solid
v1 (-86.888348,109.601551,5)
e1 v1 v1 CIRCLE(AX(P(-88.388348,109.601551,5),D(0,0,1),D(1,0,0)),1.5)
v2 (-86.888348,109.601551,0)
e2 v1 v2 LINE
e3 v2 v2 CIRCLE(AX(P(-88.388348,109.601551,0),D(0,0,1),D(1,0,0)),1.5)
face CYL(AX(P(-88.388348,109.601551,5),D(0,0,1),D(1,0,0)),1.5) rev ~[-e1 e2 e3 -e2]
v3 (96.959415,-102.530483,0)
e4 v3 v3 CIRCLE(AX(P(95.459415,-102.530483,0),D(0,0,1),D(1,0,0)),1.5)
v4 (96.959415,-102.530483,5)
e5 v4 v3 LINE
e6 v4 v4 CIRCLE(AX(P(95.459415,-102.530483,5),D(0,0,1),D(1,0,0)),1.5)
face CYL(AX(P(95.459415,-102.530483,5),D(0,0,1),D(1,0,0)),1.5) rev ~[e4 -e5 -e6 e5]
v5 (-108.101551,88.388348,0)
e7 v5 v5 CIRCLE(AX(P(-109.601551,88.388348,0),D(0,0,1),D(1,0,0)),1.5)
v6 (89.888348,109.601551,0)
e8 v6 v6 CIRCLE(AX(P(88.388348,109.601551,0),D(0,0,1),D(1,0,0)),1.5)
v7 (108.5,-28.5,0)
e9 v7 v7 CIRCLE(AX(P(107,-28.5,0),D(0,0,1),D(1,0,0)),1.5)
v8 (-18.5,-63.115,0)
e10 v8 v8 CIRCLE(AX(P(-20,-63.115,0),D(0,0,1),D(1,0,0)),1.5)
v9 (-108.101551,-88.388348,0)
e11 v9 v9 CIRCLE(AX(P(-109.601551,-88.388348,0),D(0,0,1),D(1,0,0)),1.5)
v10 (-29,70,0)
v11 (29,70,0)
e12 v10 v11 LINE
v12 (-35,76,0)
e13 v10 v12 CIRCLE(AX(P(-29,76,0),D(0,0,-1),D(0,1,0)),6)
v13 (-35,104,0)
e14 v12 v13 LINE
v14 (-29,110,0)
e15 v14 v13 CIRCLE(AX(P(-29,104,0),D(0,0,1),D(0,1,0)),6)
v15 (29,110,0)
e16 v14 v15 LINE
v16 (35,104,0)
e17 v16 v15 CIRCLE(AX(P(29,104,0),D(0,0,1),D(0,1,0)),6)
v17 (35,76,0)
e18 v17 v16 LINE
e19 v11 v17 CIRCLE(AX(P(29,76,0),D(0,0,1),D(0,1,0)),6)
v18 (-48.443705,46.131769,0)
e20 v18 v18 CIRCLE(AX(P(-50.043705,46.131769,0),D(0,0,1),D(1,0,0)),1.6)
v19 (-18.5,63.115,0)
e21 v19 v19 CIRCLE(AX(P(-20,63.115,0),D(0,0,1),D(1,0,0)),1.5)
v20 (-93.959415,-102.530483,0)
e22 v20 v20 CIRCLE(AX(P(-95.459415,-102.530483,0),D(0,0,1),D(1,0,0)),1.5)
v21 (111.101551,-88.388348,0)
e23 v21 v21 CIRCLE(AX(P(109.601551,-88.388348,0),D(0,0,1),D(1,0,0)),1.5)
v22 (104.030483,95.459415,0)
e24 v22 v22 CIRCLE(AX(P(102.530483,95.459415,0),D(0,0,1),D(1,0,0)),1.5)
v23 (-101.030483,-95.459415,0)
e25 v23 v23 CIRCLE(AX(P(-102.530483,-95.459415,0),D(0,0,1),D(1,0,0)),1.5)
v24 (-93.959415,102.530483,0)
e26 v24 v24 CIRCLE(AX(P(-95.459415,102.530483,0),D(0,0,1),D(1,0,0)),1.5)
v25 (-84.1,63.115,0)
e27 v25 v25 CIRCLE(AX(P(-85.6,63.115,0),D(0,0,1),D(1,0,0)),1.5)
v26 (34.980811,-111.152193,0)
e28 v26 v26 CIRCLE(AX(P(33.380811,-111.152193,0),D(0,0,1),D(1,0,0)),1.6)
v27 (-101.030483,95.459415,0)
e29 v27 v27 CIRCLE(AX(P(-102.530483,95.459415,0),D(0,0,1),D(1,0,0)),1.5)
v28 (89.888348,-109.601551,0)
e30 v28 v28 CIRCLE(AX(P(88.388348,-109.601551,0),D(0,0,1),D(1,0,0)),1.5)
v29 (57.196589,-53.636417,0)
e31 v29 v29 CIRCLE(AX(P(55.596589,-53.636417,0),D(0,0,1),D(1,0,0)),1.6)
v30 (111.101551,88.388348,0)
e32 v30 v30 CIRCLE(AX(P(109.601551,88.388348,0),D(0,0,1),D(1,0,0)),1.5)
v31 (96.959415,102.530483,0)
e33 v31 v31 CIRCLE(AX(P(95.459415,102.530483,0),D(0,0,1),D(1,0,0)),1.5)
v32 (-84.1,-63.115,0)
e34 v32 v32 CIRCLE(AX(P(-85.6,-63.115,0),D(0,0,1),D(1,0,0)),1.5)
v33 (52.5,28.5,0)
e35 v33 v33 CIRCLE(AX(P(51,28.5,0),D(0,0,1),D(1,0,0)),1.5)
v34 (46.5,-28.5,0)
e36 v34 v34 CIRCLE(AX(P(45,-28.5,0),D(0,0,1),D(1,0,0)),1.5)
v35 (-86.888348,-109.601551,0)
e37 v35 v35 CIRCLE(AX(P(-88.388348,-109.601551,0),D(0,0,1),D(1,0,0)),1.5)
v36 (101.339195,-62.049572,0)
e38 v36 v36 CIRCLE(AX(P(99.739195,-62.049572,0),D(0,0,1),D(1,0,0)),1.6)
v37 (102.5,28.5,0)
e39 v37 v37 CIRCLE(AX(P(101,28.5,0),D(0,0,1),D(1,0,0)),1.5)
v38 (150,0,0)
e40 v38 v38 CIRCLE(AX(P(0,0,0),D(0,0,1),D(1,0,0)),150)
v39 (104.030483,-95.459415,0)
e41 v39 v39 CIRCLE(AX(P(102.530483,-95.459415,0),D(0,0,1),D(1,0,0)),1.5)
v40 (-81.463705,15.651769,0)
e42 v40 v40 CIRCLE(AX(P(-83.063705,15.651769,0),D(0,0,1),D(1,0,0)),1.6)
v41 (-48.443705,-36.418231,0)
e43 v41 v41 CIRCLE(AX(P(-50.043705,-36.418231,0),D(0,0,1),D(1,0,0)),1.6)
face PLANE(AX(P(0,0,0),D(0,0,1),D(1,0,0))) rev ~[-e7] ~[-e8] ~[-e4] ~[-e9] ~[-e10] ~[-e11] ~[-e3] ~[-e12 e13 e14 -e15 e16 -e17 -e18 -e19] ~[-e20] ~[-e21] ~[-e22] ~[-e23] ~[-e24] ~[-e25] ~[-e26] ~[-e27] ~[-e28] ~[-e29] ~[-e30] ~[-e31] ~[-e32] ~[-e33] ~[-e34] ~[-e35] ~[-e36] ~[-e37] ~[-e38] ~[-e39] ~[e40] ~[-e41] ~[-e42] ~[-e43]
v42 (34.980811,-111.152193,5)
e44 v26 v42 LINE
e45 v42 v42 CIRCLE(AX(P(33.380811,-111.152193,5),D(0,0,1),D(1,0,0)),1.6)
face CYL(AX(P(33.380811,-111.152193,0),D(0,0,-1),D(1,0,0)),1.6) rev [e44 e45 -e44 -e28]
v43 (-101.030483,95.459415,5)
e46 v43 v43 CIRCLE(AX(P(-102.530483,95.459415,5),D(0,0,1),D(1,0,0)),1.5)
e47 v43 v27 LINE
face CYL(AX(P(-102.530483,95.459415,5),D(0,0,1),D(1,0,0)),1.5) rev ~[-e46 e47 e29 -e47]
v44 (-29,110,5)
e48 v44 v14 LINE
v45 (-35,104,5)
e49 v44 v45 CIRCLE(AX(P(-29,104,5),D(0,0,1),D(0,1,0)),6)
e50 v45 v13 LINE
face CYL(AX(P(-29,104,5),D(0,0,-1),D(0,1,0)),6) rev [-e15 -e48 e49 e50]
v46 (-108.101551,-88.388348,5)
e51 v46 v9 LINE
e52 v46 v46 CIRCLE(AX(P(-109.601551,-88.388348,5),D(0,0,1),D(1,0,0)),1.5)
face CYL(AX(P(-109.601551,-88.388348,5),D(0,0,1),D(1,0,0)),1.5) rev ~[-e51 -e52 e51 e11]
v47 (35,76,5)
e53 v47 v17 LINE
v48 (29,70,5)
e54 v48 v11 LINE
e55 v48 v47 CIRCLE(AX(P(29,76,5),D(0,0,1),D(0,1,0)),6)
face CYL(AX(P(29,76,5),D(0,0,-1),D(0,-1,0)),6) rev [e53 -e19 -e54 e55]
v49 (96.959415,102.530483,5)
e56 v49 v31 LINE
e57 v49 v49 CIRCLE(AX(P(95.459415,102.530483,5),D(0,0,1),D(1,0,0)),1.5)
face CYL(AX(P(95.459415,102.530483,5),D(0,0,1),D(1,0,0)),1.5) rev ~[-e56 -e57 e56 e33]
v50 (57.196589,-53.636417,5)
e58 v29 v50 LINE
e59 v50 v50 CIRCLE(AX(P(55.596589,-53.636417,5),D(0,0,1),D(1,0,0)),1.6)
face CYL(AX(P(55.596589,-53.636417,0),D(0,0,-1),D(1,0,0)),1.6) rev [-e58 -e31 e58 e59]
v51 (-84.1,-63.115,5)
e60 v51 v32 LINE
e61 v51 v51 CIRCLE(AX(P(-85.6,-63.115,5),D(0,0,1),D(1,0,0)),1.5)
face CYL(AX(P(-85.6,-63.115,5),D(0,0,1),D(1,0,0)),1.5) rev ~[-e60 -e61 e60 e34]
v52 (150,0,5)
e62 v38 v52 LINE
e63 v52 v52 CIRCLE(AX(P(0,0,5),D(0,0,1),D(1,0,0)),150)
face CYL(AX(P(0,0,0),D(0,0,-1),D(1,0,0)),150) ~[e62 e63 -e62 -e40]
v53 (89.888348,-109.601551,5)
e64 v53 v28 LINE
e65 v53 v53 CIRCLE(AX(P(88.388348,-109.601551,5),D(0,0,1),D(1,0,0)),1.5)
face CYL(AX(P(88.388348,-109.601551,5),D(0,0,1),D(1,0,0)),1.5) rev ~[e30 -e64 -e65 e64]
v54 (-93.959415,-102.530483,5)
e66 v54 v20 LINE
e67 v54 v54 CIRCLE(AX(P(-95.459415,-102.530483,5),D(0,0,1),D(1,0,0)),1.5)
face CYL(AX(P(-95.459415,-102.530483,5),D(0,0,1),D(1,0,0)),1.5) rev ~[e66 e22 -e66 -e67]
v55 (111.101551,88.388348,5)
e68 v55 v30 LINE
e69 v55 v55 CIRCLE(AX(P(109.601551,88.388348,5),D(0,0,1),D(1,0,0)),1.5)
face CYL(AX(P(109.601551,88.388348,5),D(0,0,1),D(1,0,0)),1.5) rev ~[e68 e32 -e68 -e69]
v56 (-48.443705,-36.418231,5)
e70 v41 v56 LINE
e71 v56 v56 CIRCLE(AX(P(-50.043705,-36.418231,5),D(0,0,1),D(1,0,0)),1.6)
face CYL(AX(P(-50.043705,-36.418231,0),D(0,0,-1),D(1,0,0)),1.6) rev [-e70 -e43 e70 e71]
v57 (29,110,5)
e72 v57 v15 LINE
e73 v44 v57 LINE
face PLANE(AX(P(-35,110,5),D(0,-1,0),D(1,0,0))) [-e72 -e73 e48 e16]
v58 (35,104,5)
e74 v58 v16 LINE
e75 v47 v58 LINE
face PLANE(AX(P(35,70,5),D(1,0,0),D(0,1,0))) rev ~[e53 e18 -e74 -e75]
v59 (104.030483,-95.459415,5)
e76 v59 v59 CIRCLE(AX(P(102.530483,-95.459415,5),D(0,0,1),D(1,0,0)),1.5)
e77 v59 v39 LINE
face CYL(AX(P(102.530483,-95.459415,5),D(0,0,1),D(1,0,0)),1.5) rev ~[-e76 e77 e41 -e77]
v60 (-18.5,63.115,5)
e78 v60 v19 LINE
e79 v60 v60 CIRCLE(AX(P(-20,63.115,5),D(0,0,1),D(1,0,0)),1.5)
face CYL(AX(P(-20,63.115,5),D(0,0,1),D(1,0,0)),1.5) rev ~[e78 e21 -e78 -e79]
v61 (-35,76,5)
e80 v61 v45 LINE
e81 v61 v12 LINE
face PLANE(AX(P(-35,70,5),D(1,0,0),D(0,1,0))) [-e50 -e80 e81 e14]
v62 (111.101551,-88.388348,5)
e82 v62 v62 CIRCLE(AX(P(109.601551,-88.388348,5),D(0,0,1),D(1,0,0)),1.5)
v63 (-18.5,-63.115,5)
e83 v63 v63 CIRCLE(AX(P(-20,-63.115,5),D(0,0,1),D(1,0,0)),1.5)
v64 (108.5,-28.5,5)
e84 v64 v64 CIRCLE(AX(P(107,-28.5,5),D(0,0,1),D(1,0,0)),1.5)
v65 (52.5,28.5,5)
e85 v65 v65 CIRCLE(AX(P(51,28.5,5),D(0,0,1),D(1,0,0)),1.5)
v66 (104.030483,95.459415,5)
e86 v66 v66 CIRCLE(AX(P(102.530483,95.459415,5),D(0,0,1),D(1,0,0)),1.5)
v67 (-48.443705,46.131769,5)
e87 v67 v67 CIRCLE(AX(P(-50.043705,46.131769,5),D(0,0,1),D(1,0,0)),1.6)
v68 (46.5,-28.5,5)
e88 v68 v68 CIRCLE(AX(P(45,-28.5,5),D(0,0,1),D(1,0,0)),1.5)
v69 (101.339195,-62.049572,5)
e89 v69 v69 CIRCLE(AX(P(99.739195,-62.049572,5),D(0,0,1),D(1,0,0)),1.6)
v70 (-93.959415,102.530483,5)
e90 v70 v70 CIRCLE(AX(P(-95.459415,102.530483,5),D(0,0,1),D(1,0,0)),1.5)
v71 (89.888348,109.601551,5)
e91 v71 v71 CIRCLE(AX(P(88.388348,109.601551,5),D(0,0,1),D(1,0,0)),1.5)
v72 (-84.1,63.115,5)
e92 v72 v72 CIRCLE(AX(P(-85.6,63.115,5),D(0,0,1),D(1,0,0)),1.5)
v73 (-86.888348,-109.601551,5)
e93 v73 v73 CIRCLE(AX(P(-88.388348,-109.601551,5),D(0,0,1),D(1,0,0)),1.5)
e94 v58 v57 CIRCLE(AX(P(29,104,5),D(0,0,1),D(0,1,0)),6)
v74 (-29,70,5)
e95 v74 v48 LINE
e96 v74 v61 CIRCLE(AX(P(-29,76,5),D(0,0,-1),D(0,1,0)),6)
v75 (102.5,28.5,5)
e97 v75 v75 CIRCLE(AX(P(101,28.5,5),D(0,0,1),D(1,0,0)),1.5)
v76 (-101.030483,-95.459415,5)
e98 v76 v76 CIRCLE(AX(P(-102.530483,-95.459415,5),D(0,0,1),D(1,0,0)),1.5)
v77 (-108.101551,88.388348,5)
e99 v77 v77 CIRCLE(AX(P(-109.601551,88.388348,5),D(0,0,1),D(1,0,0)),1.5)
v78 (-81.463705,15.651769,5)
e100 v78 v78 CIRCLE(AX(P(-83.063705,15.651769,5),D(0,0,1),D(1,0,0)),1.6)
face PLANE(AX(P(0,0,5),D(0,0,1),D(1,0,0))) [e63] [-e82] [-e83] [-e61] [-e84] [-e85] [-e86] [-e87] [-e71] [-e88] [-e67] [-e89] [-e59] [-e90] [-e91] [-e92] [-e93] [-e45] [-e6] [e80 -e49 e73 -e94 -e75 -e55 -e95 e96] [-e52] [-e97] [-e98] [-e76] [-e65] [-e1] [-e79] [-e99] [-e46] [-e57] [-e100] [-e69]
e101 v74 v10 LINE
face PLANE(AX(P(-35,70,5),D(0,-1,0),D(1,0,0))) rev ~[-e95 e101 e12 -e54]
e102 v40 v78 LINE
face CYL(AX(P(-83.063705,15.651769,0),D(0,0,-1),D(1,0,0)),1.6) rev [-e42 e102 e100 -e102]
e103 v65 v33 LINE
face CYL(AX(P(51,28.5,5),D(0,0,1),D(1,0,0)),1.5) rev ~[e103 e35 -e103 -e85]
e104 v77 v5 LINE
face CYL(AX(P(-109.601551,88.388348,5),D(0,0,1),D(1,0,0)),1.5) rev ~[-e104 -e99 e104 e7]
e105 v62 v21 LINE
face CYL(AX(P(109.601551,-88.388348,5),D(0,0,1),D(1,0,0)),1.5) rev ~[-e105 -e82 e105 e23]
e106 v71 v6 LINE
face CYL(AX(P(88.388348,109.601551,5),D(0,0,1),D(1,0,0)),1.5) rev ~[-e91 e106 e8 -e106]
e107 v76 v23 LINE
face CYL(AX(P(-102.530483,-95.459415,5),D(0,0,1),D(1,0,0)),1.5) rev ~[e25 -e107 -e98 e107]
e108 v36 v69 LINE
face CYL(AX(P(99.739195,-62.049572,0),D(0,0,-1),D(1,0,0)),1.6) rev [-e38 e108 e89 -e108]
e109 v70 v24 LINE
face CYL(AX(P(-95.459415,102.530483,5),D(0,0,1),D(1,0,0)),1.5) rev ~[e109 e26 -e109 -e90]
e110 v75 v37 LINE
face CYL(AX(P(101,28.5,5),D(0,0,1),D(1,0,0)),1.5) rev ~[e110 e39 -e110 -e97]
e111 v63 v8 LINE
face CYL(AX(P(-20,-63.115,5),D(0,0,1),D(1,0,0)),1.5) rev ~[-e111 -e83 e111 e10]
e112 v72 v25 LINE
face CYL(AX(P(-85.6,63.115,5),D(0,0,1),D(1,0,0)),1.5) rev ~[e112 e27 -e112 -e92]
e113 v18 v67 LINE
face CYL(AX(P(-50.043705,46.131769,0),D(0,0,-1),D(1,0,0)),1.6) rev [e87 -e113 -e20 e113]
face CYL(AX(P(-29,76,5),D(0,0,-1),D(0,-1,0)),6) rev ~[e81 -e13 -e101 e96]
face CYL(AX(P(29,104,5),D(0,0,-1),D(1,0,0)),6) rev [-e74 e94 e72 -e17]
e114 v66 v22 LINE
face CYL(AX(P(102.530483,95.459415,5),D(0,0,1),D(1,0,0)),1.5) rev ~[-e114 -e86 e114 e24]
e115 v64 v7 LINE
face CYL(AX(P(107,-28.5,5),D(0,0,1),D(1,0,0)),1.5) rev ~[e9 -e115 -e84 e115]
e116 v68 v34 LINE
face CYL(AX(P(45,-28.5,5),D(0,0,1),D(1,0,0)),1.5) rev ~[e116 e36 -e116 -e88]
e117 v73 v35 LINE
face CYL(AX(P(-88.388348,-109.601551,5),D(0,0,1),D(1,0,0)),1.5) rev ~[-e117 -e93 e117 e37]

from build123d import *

# Parameters (mm, degrees)
ESQUISSE5_R                       = 150
ESQUISSE5_R_2                     = 1.6
BASE_DEPTH                        = 5
ESQUISSE8_R                       = 1.5
FIXATION_CRAN_DEPTH               = 6
ESQUISSE9_R                       = 1.5
FIXATION_LIDAR_DEPTH              = 6
ESQUISSE7_W                       = 70
ESQUISSE7_H                       = 40
EXTRUSION_PASSAGE_DE_CABLES_DEPTH = 5
CONG_1_R                          = 6
ESQUISSE10_R                      = 1.5
EXTRUSION_FIXATION_PAROI_DEPTH    = 6
ENL_V_MAT_EXTRU_1_REACH           = 7
ESQUISSE11_R                      = 1.5


with BuildPart() as part:
    # Esquisse5 → base (new body)
    with BuildSketch(Plane.XY):
        Circle(ESQUISSE5_R)
        with Locations((99.73919487, -62.04957211)):
            Circle(ESQUISSE5_R_2, mode=Mode.SUBTRACT)
        with Locations((55.59658934, -53.636417112)):
            Circle(ESQUISSE5_R_2, mode=Mode.SUBTRACT)
        with Locations((33.380811026, -111.152193156)):
            Circle(ESQUISSE5_R_2, mode=Mode.SUBTRACT)
        with Locations((-50.043705329, -36.418231474)):
            Circle(ESQUISSE5_R_2, mode=Mode.SUBTRACT)
        with Locations((-83.063705329, 15.651768526)):
            Circle(ESQUISSE5_R_2, mode=Mode.SUBTRACT)
        with Locations((-50.043705329, 46.131768526)):
            Circle(ESQUISSE5_R_2, mode=Mode.SUBTRACT)
    extrude(amount=BASE_DEPTH)

    # Esquisse8 → fixation écran (cut, through all)
    with BuildSketch(Plane.XY.offset(5)):
        with Locations((-85.6, 63.115)):
            Circle(ESQUISSE8_R)
        with Locations((-20, 63.115)):
            Circle(ESQUISSE8_R)
        with Locations((-85.6, -63.115)):
            Circle(ESQUISSE8_R)
        with Locations((-20, -63.115)):
            Circle(ESQUISSE8_R)
    extrude(amount=-FIXATION_CRAN_DEPTH, mode=Mode.SUBTRACT)

    # Esquisse9 → fixation lidar (cut, through all)
    with BuildSketch(Plane.XY.offset(5)):
        with Locations((45, -28.5)):
            Circle(ESQUISSE9_R)
        with Locations((107, -28.5)):
            Circle(ESQUISSE9_R)
        with Locations((101, 28.5)):
            Circle(ESQUISSE9_R)
        with Locations((51, 28.5)):
            Circle(ESQUISSE9_R)
    extrude(amount=-FIXATION_LIDAR_DEPTH, mode=Mode.SUBTRACT)

    # Esquisse7 → extrusion passage de cables (cut)
    with BuildSketch(Plane.XY.offset(5)):
        with Locations((0, 90)):
            Rectangle(ESQUISSE7_W, ESQUISSE7_H)
    extrude(amount=-EXTRUSION_PASSAGE_DE_CABLES_DEPTH, mode=Mode.SUBTRACT)

    # Congé1
    cong_1_edges = [part.edges().sort_by_distance(p)[0] for p in [
        (-35, 70, 2.5),
        (-35, 110, 2.5),
        (35, 110, 2.5),
        (35, 70, 2.5),
    ]]
    fillet(cong_1_edges, radius=CONG_1_R)

    # Esquisse10 → extrusion fixation paroi (cut, through all)
    with BuildSketch(Plane.XY.offset(5)):
        with Locations((-102.530483272, 95.45941546)):
            Circle(ESQUISSE10_R)
        with Locations((-95.45941546, 102.530483272)):
            Circle(ESQUISSE10_R)
        with Locations((95.45941546, 102.530483272)):
            Circle(ESQUISSE10_R)
        with Locations((102.530483272, 95.45941546)):
            Circle(ESQUISSE10_R)
        with Locations((102.530483272, -95.45941546)):
            Circle(ESQUISSE10_R)
        with Locations((95.45941546, -102.530483272)):
            Circle(ESQUISSE10_R)
        with Locations((-95.45941546, -102.530483272)):
            Circle(ESQUISSE10_R)
        with Locations((-102.530483272, -95.45941546)):
            Circle(ESQUISSE10_R)
    extrude(amount=-EXTRUSION_FIXATION_PAROI_DEPTH, mode=Mode.SUBTRACT)

    # Esquisse11 → Enlèv. mat.-Extru.1 (cut, up to next)
    with BuildSketch(Plane.XY.offset(5), mode=Mode.PRIVATE) as enl_v_mat_extru_1_sk1:
        with Locations((-88.388347648, 109.601551084)):
            Circle(ESQUISSE11_R)
    enl_v_mat_extru_1_tool1 = extrude(enl_v_mat_extru_1_sk1.sketch, amount=-ENL_V_MAT_EXTRU_1_REACH, mode=Mode.PRIVATE) & part.part
    add(enl_v_mat_extru_1_tool1.solids().sort_by_distance((-88.388348, 109.601551, 5))[0], mode=Mode.SUBTRACT)
    # Esquisse11 → Enlèv. mat.-Extru.1 (cut, up to next)
    with BuildSketch(Plane.XY.offset(5), mode=Mode.PRIVATE) as enl_v_mat_extru_1_sk2:
        with Locations((-109.601551084, 88.388347648)):
            Circle(ESQUISSE11_R)
    enl_v_mat_extru_1_tool2 = extrude(enl_v_mat_extru_1_sk2.sketch, amount=-ENL_V_MAT_EXTRU_1_REACH, mode=Mode.PRIVATE) & part.part
    add(enl_v_mat_extru_1_tool2.solids().sort_by_distance((-109.601551, 88.388348, 5))[0], mode=Mode.SUBTRACT)
    # Esquisse11 → Enlèv. mat.-Extru.1 (cut, up to next)
    with BuildSketch(Plane.XY.offset(5), mode=Mode.PRIVATE) as enl_v_mat_extru_1_sk3:
        with Locations((-109.601551084, -88.388347648)):
            Circle(ESQUISSE11_R)
    enl_v_mat_extru_1_tool3 = extrude(enl_v_mat_extru_1_sk3.sketch, amount=-ENL_V_MAT_EXTRU_1_REACH, mode=Mode.PRIVATE) & part.part
    add(enl_v_mat_extru_1_tool3.solids().sort_by_distance((-109.601551, -88.388348, 5))[0], mode=Mode.SUBTRACT)
    # Esquisse11 → Enlèv. mat.-Extru.1 (cut, up to next)
    with BuildSketch(Plane.XY.offset(5), mode=Mode.PRIVATE) as enl_v_mat_extru_1_sk4:
        with Locations((-88.388347648, -109.601551084)):
            Circle(ESQUISSE11_R)
    enl_v_mat_extru_1_tool4 = extrude(enl_v_mat_extru_1_sk4.sketch, amount=-ENL_V_MAT_EXTRU_1_REACH, mode=Mode.PRIVATE) & part.part
    add(enl_v_mat_extru_1_tool4.solids().sort_by_distance((-88.388348, -109.601551, 5))[0], mode=Mode.SUBTRACT)
    # Esquisse11 → Enlèv. mat.-Extru.1 (cut, up to next)
    with BuildSketch(Plane.XY.offset(5), mode=Mode.PRIVATE) as enl_v_mat_extru_1_sk5:
        with Locations((88.388347648, -109.601551084)):
            Circle(ESQUISSE11_R)
    enl_v_mat_extru_1_tool5 = extrude(enl_v_mat_extru_1_sk5.sketch, amount=-ENL_V_MAT_EXTRU_1_REACH, mode=Mode.PRIVATE) & part.part
    add(enl_v_mat_extru_1_tool5.solids().sort_by_distance((88.388348, -109.601551, 5))[0], mode=Mode.SUBTRACT)
    # Esquisse11 → Enlèv. mat.-Extru.1 (cut, up to next)
    with BuildSketch(Plane.XY.offset(5), mode=Mode.PRIVATE) as enl_v_mat_extru_1_sk6:
        with Locations((109.601551084, -88.388347648)):
            Circle(ESQUISSE11_R)
    enl_v_mat_extru_1_tool6 = extrude(enl_v_mat_extru_1_sk6.sketch, amount=-ENL_V_MAT_EXTRU_1_REACH, mode=Mode.PRIVATE) & part.part
    add(enl_v_mat_extru_1_tool6.solids().sort_by_distance((109.601551, -88.388348, 5))[0], mode=Mode.SUBTRACT)
    # Esquisse11 → Enlèv. mat.-Extru.1 (cut, up to next)
    with BuildSketch(Plane.XY.offset(5), mode=Mode.PRIVATE) as enl_v_mat_extru_1_sk7:
        with Locations((109.601551084, 88.388347648)):
            Circle(ESQUISSE11_R)
    enl_v_mat_extru_1_tool7 = extrude(enl_v_mat_extru_1_sk7.sketch, amount=-ENL_V_MAT_EXTRU_1_REACH, mode=Mode.PRIVATE) & part.part
    add(enl_v_mat_extru_1_tool7.solids().sort_by_distance((109.601551, 88.388348, 5))[0], mode=Mode.SUBTRACT)
    # Esquisse11 → Enlèv. mat.-Extru.1 (cut, up to next)
    with BuildSketch(Plane.XY.offset(5), mode=Mode.PRIVATE) as enl_v_mat_extru_1_sk8:
        with Locations((88.388347648, 109.601551084)):
            Circle(ESQUISSE11_R)
    enl_v_mat_extru_1_tool8 = extrude(enl_v_mat_extru_1_sk8.sketch, amount=-ENL_V_MAT_EXTRU_1_REACH, mode=Mode.PRIVATE) & part.part
    add(enl_v_mat_extru_1_tool8.solids().sort_by_distance((88.388348, 109.601551, 5))[0], mode=Mode.SUBTRACT)


solid = part.part
